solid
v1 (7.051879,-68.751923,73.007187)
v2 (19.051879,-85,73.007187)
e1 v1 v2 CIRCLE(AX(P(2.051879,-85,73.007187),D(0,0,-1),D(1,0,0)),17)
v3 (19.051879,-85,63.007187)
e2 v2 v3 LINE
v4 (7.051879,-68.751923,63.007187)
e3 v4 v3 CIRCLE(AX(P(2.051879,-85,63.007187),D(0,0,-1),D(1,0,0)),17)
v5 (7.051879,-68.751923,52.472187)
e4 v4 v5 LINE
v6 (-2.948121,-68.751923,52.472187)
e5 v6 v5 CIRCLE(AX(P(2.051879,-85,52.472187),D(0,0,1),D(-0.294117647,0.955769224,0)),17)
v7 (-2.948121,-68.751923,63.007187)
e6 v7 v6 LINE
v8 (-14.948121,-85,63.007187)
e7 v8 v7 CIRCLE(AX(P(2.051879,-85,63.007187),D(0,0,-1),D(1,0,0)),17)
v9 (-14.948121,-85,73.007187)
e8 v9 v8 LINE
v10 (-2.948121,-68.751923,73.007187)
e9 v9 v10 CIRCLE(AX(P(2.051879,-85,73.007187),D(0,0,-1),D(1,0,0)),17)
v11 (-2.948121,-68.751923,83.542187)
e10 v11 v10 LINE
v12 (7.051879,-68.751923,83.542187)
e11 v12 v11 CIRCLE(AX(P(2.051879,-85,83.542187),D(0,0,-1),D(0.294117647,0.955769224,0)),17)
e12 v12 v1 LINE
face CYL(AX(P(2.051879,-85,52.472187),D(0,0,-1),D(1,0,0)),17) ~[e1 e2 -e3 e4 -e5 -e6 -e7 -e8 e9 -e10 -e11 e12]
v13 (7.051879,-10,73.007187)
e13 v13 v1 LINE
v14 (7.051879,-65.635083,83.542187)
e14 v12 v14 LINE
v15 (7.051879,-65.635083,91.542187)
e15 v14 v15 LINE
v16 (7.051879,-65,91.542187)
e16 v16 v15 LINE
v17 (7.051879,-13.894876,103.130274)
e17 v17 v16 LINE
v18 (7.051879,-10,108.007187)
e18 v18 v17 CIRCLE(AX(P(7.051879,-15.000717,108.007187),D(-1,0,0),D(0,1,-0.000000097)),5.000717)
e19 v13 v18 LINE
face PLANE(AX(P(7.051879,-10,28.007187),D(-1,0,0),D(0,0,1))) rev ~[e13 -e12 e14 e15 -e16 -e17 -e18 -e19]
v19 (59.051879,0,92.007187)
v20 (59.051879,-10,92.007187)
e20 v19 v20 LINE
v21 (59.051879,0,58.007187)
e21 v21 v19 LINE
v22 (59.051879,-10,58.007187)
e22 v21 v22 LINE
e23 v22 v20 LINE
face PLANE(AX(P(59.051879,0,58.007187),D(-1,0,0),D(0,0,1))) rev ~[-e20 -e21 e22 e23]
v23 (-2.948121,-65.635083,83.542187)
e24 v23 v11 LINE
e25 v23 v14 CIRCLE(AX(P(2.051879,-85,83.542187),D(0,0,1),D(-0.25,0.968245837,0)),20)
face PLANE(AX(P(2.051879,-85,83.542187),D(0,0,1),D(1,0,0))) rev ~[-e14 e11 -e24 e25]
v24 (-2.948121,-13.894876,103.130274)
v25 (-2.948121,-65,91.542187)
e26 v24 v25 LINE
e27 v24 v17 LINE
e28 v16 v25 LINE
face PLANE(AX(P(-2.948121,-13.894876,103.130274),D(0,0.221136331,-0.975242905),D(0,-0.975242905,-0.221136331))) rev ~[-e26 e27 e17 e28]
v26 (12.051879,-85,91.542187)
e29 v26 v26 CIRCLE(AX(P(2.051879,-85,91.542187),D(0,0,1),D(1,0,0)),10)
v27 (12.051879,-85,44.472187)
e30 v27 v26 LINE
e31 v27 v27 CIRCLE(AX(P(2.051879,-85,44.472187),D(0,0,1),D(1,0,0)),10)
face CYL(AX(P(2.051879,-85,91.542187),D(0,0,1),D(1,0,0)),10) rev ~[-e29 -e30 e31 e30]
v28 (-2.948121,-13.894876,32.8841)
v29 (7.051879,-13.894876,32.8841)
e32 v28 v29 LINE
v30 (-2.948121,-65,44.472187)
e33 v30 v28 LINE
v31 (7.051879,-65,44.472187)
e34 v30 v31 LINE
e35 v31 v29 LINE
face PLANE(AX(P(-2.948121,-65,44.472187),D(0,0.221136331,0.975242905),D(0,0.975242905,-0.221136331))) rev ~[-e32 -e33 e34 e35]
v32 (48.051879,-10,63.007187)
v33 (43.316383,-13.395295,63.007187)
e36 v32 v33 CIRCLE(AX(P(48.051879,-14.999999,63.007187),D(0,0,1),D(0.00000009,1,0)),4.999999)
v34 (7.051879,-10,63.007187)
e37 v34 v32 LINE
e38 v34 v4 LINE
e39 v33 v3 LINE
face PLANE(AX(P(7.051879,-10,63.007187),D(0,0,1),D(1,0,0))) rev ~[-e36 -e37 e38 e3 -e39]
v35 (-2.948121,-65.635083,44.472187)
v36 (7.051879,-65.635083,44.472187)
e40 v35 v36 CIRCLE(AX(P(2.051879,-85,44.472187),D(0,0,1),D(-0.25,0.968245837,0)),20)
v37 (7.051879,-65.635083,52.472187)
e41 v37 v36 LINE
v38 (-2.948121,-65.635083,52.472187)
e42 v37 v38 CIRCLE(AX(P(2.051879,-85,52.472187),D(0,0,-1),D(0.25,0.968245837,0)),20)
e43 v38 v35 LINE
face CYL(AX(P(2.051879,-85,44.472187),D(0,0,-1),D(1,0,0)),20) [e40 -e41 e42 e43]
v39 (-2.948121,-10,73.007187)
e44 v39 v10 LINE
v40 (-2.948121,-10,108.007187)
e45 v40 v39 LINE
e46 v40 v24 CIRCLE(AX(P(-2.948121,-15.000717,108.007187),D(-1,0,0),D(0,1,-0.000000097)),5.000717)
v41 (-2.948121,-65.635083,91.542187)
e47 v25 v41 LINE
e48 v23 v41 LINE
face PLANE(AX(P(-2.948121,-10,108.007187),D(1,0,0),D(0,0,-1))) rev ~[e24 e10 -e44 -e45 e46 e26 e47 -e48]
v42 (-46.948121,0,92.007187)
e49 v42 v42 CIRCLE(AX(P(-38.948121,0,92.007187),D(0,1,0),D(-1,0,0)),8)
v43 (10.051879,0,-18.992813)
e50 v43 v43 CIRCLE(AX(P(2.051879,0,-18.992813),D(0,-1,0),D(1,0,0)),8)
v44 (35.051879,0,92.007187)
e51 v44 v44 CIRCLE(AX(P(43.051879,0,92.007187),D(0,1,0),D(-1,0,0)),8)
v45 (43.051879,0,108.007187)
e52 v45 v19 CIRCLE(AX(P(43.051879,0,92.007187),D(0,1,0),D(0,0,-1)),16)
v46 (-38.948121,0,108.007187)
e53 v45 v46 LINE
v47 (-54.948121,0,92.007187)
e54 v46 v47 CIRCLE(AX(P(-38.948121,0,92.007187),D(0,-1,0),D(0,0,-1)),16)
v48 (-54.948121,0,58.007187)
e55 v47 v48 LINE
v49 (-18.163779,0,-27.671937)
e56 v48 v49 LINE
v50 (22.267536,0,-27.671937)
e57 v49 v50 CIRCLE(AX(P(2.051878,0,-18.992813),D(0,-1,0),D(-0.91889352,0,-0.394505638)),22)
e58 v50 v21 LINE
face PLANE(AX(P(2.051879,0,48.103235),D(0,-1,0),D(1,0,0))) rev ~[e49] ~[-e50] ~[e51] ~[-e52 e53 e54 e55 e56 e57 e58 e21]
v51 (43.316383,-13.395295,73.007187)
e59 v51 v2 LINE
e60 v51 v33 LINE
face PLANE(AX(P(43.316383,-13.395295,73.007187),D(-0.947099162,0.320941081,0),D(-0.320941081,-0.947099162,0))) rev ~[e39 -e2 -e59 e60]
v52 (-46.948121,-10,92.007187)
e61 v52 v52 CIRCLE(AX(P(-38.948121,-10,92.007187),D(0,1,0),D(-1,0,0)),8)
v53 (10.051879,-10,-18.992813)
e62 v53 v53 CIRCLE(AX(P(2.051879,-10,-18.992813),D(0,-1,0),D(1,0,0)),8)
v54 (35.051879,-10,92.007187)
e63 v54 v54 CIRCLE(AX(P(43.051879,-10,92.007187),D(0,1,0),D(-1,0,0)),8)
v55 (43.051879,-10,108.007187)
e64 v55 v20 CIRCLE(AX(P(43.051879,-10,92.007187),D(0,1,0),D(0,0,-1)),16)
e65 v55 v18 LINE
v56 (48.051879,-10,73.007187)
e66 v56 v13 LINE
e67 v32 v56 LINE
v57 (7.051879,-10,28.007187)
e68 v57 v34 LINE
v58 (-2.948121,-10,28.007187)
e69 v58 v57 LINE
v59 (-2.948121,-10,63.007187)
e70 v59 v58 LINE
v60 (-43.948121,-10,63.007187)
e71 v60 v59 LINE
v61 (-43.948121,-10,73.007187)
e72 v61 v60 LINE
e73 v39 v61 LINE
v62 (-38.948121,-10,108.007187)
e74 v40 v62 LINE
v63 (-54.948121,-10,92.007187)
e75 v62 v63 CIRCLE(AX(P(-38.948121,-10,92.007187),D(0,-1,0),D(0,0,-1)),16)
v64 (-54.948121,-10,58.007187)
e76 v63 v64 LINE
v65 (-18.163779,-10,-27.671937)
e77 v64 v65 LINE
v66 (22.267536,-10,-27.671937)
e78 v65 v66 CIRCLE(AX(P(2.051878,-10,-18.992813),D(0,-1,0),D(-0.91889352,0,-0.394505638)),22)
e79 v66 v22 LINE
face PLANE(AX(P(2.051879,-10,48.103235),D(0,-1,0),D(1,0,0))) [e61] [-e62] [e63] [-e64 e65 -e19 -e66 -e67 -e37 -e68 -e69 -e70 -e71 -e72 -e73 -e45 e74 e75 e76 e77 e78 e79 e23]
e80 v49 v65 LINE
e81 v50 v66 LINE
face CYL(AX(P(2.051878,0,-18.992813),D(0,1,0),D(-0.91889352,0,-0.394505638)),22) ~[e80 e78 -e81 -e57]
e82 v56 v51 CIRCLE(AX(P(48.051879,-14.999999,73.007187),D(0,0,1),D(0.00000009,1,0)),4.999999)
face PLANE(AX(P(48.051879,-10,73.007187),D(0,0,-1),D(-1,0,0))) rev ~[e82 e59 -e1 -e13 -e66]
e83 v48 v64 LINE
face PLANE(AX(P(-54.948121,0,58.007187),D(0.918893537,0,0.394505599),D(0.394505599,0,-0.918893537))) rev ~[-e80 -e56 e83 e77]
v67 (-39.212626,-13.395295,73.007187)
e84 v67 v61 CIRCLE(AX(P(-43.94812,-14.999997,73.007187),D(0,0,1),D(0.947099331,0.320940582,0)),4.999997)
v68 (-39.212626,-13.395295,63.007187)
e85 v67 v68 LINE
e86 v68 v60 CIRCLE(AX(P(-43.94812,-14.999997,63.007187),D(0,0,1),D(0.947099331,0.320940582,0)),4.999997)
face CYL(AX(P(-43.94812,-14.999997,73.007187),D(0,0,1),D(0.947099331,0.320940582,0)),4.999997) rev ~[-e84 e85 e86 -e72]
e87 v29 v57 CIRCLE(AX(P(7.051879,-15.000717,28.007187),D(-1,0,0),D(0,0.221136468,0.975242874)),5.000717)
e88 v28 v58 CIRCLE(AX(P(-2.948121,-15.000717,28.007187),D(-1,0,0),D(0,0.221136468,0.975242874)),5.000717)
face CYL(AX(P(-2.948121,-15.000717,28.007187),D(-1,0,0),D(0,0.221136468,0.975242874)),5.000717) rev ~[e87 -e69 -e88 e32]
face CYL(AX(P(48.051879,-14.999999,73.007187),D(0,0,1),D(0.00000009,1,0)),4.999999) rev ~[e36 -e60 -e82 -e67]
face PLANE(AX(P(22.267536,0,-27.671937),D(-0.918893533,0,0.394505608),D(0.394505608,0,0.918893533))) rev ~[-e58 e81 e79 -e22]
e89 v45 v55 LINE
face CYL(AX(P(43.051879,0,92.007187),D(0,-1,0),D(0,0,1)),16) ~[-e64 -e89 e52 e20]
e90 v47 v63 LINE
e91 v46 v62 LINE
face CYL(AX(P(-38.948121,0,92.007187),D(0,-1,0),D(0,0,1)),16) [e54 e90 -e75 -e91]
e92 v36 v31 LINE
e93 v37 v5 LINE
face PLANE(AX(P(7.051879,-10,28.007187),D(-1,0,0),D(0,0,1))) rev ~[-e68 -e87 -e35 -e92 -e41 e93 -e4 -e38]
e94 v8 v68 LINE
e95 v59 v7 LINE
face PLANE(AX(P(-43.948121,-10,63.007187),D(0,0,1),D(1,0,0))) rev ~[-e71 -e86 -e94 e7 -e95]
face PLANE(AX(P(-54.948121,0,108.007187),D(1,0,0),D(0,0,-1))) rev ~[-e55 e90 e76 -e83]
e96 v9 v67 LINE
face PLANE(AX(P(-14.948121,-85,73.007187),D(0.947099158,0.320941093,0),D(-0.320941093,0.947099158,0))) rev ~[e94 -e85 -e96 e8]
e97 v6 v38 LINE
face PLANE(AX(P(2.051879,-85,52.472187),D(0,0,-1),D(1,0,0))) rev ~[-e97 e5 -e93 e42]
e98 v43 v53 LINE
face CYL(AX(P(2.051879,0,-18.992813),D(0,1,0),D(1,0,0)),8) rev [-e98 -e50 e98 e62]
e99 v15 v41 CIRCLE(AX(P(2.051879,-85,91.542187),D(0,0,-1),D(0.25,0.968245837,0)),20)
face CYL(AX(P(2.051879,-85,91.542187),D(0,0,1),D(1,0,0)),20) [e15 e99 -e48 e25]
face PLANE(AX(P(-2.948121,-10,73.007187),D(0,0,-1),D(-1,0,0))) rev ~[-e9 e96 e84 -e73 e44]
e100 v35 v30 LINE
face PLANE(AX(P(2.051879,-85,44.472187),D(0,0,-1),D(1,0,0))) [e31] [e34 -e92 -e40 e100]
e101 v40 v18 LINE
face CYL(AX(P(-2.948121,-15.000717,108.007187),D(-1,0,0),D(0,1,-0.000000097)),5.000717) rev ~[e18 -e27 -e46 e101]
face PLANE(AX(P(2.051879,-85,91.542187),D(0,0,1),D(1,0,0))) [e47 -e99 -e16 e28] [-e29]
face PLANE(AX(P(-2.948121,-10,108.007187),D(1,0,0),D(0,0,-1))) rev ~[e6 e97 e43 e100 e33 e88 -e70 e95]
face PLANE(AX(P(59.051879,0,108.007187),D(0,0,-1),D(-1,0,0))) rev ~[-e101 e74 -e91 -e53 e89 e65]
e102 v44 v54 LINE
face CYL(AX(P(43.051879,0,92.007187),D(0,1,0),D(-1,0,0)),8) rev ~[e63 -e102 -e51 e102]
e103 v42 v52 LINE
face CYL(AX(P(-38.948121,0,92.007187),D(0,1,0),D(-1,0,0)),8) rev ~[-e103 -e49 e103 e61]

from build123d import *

# Parameters (mm, degrees)
F0_R      = 8
F1_DEPTH  = 10
F2_R      = 16
F3_R      = 8
F4_DEPTH  = 10.001
F6_DEPTH  = 75
F8_DEPTH  = 62.001
F9_R      = 20
F10_DEPTH = 8
F11_R     = 20
F12_DEPTH = 8
F13_R     = 17
F14_DEPTH = 38
F15_R     = 10
F16_DEPTH = 114.001
F17_W     = 12
F17_H     = 10
F18_DEPTH = 75
F19_R     = 10
F20_DEPTH = 132.536
F22_DEPTH = 10


with BuildPart() as f1:
    # F0 (on Front) → F1 (new body)
    with BuildSketch(Plane.XZ):
        with BuildLine():
            Line((59.051879, 108.007187), (-54.948121, 108.007187))
            Line((-54.948121, 108.007187), (-54.948121, 58.007187))
            Line((-54.948121, 58.007187), (-18.163779, -27.671937))
            ThreePointArc((-18.163779, -27.671937), (2.051879, -40.992813), (22.267536, -27.671937))
            Line((22.267536, -27.671937), (59.051879, 58.007187))
            Line((59.051879, 58.007187), (59.051879, 108.007187))
        make_face()
        with Locations((2.051879, -18.992813)):
            Circle(F0_R, mode=Mode.SUBTRACT)
    extrude(amount=F1_DEPTH)

    # F2
    f2_edges = [f1.edges().sort_by_distance(p)[0] for p in [
        (-54.948121, -5, 108.007187),
        (59.051879, -5, 108.007187),
    ]]
    fillet(f2_edges, radius=F2_R)

    # F3 (on face) → F4 (cut, through all)
    with BuildSketch(Plane(origin=(0, 0, 0), x_dir=(-1, 0, 0), z_dir=(0, 1, 0))):
        with Locations((-43.051879, 92.007187)):
            Circle(F3_R)
        with Locations((38.948121, 92.007187)):
            Circle(F3_R)
    extrude(amount=-F4_DEPTH, mode=Mode.SUBTRACT)

    # F5 (on face) → F6 (join)
    with BuildSketch(Plane.XZ.offset(10)):
        Polygon((7.051879, 108.007187), (2.051879, 108.007187), (-2.948121, 108.007187), (-2.948121, 28.007187), (7.051879, 28.007187), align=None)
    extrude(amount=F6_DEPTH)

    # F7 (on face) → F8 (cut, through all)
    with BuildSketch(Plane(origin=(-2.948121, 0, 0), x_dir=(0, -1, 0), z_dir=(-1, 0, 0))):
        with BuildLine():
            Line((85, 108.007187), (10, 108.007187))
            ThreePointArc((10, 108.007187), (11.093214, 104.886516), (13.894876, 103.130274))
            Line((13.894876, 103.130274), (65, 91.542187))
            Line((65, 91.542187), (85, 91.542187))
            Line((85, 91.542187), (85, 108.007187))
        make_face()
        with BuildLine():
            ThreePointArc((13.894876, 32.8841), (11.093214, 31.127858), (10, 28.007187))
            Line((10, 28.007187), (85, 28.007187))
            Line((85, 28.007187), (85, 44.472187))
            Line((85, 44.472187), (65, 44.472187))
            Line((65, 44.472187), (13.894876, 32.8841))
        make_face()
    extrude(amount=-F8_DEPTH, mode=Mode.SUBTRACT)

    # F9 (on face) → F10 (join)
    with BuildSketch(Plane.XY.offset(91.542187)):
        with Locations((2.051879, -85)):
            Circle(F9_R)
    extrude(amount=-F10_DEPTH)

    # F11 (on face) → F12 (join)
    with BuildSketch(Plane(origin=(0, 0, 44.472187), x_dir=(1, 0, 0), z_dir=(0, 0, -1))):
        with Locations((2.051879, 85)):
            Circle(F11_R)
    extrude(amount=-F12_DEPTH)

    # F13 (on face) → F14 (join)
    with BuildSketch(Plane.XY.offset(52.472187)):
        with Locations((2.051879, -85)):
            Circle(F13_R)
    extrude(amount=F14_DEPTH)

    # F15 (on face) → F16 (cut, through all)
    with BuildSketch(Plane.XY.offset(73.007187)):
        with Locations((2.051879, -85)):
            Circle(F15_R)
    extrude(amount=-F16_DEPTH, mode=Mode.SUBTRACT)

    # F17 (on face) → F18 (join)
    with BuildSketch(Plane.XZ.offset(10)):
        Polygon((-43.948121, 73.007187), (-43.948121, 68.007187), (-43.948121, 63.007187), (-14.948121, 63.007187), (-14.948121, 73.007187), align=None)
        with Locations((-8.948121, 68.007187)):
            Rectangle(F17_W, F17_H)
        Polygon((19.051879, 63.007187), (48.051879, 63.007187), (48.051879, 73.007187), (19.051879, 73.007187), (7.051879, 73.007187), (7.051879, 63.007187), align=None)
    extrude(amount=F18_DEPTH)

    # F19 (on face) → F20 (cut, through all)
    with BuildSketch(Plane.XY.offset(91.542187)):
        with Locations((2.051879, -85)):
            Circle(F19_R)
    extrude(amount=-F20_DEPTH, mode=Mode.SUBTRACT)

    # F21 (on face) → F22 (cut)
    with BuildSketch(Plane.XY.offset(73.007187)):
        with BuildLine():
            Line((48.051879, -85), (48.051879, -10))
            ThreePointArc((48.051879, -10), (45.138421, -10.936533), (43.316383, -13.395295))
            Line((43.316383, -13.395295), (19.051879, -85))
            Line((19.051879, -85), (48.051879, -85))
        make_face()
        with BuildLine():
            Line((-43.948121, -85), (-14.948121, -85))
            Line((-14.948121, -85), (-39.212626, -13.395295))
            ThreePointArc((-39.212626, -13.395295), (-41.034663, -10.936533), (-43.948121, -10))
            Line((-43.948121, -10), (-43.948121, -85))
        make_face()
    extrude(amount=-F22_DEPTH, mode=Mode.SUBTRACT)


solid = f1.part
